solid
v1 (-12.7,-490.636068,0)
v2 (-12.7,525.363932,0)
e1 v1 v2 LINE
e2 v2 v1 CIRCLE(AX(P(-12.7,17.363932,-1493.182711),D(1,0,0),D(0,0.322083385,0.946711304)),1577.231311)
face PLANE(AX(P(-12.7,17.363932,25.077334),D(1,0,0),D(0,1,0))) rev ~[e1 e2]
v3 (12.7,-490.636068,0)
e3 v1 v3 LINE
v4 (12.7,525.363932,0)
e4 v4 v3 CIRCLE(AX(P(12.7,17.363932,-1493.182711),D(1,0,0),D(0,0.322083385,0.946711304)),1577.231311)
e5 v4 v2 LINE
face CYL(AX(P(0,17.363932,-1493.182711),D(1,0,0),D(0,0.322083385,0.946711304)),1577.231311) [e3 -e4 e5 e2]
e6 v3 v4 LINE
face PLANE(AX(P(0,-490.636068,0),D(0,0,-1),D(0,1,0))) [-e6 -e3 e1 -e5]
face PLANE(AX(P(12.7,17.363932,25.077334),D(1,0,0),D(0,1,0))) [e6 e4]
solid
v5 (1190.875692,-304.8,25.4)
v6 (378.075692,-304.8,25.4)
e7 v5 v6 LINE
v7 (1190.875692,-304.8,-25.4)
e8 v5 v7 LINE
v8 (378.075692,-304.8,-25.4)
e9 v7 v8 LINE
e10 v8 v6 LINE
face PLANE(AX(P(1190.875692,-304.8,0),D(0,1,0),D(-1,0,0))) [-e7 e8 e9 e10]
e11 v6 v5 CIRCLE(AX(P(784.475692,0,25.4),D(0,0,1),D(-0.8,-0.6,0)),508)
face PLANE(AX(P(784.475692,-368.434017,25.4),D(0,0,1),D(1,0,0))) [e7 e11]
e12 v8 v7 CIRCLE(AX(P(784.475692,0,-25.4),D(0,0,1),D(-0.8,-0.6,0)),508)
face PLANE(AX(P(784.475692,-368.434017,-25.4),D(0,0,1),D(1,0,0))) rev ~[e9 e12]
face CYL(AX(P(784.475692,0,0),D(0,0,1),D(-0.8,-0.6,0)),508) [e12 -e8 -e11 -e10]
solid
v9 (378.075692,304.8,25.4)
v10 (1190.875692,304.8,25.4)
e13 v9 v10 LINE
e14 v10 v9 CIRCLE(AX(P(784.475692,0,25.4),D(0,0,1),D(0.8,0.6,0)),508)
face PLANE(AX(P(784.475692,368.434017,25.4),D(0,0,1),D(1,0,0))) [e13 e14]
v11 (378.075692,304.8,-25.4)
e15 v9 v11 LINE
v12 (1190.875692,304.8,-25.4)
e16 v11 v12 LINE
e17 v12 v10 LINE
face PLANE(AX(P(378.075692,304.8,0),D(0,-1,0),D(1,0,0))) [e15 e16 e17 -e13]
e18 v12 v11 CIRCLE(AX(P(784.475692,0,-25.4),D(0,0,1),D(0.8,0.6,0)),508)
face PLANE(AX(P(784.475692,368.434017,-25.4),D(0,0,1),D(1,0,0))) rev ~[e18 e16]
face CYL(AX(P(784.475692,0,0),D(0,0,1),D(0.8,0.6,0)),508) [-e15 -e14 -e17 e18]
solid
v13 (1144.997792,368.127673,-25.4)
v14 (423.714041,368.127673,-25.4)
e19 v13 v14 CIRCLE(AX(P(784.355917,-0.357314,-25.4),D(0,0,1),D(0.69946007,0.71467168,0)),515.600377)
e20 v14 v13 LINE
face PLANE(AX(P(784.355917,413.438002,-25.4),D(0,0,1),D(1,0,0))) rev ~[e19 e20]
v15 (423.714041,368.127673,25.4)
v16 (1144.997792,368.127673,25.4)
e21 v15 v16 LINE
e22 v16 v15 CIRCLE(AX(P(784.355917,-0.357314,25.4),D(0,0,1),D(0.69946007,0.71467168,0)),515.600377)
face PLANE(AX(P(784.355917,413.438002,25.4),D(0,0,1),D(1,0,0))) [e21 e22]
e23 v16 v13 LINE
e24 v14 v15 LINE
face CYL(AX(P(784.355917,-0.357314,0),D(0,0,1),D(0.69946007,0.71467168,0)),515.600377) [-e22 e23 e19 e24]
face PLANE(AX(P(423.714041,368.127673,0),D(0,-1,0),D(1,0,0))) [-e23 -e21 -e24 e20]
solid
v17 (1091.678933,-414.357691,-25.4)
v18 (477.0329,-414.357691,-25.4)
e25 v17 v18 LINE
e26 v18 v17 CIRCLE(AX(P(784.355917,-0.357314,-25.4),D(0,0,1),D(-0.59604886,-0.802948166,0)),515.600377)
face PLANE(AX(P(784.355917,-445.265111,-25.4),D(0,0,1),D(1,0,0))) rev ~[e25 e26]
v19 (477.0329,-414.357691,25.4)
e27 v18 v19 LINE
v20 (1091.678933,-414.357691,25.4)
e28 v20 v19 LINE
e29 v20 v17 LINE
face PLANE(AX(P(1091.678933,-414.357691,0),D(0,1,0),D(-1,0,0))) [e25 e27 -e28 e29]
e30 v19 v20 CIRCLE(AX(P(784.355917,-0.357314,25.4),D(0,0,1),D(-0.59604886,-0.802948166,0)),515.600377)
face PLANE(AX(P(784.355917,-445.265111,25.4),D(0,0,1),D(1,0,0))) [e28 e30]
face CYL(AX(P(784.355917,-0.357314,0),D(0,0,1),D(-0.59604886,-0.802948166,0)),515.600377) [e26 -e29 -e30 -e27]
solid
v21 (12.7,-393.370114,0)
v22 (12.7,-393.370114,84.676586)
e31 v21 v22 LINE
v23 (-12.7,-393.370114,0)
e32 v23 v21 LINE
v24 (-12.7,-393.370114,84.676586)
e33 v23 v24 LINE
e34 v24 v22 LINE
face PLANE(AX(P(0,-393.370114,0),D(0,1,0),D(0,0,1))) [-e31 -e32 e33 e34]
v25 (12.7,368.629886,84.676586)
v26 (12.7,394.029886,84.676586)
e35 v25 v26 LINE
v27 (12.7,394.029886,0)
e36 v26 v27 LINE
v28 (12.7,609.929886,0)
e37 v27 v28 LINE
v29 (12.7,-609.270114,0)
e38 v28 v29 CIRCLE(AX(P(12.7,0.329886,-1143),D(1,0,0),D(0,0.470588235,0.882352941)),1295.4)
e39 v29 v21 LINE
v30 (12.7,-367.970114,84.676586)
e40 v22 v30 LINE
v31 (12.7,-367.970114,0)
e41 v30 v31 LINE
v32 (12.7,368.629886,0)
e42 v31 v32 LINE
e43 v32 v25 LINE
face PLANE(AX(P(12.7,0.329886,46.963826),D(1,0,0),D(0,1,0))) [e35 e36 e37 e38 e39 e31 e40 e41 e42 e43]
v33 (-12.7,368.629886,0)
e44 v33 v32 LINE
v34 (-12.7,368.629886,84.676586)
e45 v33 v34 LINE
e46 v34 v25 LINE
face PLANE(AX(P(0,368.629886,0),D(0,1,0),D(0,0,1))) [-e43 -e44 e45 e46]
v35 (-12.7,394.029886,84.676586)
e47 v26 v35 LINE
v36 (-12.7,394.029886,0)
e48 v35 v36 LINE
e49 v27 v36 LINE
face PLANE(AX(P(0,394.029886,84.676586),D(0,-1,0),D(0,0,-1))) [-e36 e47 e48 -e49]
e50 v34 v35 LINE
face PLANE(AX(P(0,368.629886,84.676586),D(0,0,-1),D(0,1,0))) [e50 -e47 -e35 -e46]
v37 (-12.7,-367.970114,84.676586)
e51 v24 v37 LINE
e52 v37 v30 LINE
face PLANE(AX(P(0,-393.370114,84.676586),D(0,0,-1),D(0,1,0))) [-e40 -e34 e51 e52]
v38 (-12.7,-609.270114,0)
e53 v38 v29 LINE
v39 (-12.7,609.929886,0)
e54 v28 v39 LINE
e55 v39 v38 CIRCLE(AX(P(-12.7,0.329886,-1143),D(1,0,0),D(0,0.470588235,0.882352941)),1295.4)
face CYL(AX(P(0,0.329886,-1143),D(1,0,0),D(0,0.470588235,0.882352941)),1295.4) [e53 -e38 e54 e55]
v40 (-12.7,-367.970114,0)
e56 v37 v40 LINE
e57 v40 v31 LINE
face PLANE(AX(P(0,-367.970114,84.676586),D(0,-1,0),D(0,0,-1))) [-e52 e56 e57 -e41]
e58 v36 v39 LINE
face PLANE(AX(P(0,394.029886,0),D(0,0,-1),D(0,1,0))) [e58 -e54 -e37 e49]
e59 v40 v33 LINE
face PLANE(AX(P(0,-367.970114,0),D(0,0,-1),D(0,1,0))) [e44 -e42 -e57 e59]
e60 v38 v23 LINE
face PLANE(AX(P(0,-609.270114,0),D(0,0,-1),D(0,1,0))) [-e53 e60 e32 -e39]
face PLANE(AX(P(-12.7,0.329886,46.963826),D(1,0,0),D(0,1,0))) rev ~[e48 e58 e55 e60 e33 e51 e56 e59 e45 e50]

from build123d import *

# Parameters (mm, degrees)
F1_DEPTH = 12.7
F3_DEPTH = 12.7
F5_DEPTH = 25.4
F7_DEPTH = 25.4


with BuildPart() as f1:
    # F0 (on Right) → F1 (new body, symmetric)
    with BuildSketch(Plane.YZ):
        with BuildLine():
            ThreePointArc((609.9298857965, 0), (0.3298857965, 152.4), (-609.2701142035, 0))
            Line((-609.2701142035, 0), (-393.3701142035, 0))
            Line((-393.3701142035, 0), (-393.3701142035, 84.6765860915))
            Line((-393.3701142035, 84.6765860915), (-367.9701142035, 84.6765860915))
            Line((-367.9701142035, 84.6765860915), (-367.9701142035, 0))
            Line((-367.9701142035, 0), (368.6298857965, 0))
            Line((368.6298857965, 0), (368.6298857965, 84.6765860915))
            Line((368.6298857965, 84.6765860915), (394.0298857965, 84.6765860915))
            Line((394.0298857965, 84.6765860915), (394.0298857965, 0))
            Line((394.0298857965, 0), (609.9298857965, 0))
        make_face()
    extrude(amount=F1_DEPTH, both=True)


with BuildPart() as f3:
    # F2 (on Right) → F3 (new body, symmetric)
    with BuildSketch(Plane.YZ):
        with BuildLine():
            ThreePointArc((525.3639318908, 0), (17.3639318908, 84.0486), (-490.6360681092, 0))
            Line((-490.6360681092, 0), (525.3639318908, 0))
        make_face()
    extrude(amount=F3_DEPTH, both=True)


with BuildPart() as f5:
    # F4 (on Top) → F5 (new body, symmetric)
    with BuildSketch(Plane.XY):
        with BuildLine():
            Line((378.0756922902, 304.8), (1190.8756922902, 304.8))
            ThreePointArc((1190.8756922902, 304.8), (784.4756922902, 508), (378.0756922902, 304.8))
        make_face()
    extrude(amount=F5_DEPTH, both=True)


with BuildPart() as f5b:
    # F4 (on Top) → F5, piece 2 (new body, symmetric)
    with BuildSketch(Plane.XY):
        with BuildLine():
            Line((1190.8756922902, -304.8), (378.0756922902, -304.8))
            ThreePointArc((378.0756922902, -304.8), (784.4756922902, -508), (1190.8756922902, -304.8))
        make_face()
    extrude(amount=F5_DEPTH, both=True)


with BuildPart() as f7:
    # F6 (on Top) → F7 (new body, symmetric)
    with BuildSketch(Plane.XY):
        with BuildLine():
            Line((1091.6789331235, -414.3576908381), (477.0328999454, -414.3576908381))
            ThreePointArc((477.0328999454, -414.3576908381), (784.3559165345, -515.9576908381), (1091.6789331235, -414.3576908381))
        make_face()
    extrude(amount=F7_DEPTH, both=True)


with BuildPart() as f7b:
    # F6 (on Top) → F7, piece 2 (new body, symmetric)
    with BuildSketch(Plane.XY):
        with BuildLine():
            ThreePointArc((1144.997792211, 368.1276730559), (784.3559165345, 515.2430623647), (423.714040858, 368.1276730559))
            Line((423.714040858, 368.1276730559), (1144.997792211, 368.1276730559))
        make_face()
    extrude(amount=F7_DEPTH, both=True)


solid = Compound([f1.part, f3.part, f5.part, f5b.part, f7.part, f7b.part])
